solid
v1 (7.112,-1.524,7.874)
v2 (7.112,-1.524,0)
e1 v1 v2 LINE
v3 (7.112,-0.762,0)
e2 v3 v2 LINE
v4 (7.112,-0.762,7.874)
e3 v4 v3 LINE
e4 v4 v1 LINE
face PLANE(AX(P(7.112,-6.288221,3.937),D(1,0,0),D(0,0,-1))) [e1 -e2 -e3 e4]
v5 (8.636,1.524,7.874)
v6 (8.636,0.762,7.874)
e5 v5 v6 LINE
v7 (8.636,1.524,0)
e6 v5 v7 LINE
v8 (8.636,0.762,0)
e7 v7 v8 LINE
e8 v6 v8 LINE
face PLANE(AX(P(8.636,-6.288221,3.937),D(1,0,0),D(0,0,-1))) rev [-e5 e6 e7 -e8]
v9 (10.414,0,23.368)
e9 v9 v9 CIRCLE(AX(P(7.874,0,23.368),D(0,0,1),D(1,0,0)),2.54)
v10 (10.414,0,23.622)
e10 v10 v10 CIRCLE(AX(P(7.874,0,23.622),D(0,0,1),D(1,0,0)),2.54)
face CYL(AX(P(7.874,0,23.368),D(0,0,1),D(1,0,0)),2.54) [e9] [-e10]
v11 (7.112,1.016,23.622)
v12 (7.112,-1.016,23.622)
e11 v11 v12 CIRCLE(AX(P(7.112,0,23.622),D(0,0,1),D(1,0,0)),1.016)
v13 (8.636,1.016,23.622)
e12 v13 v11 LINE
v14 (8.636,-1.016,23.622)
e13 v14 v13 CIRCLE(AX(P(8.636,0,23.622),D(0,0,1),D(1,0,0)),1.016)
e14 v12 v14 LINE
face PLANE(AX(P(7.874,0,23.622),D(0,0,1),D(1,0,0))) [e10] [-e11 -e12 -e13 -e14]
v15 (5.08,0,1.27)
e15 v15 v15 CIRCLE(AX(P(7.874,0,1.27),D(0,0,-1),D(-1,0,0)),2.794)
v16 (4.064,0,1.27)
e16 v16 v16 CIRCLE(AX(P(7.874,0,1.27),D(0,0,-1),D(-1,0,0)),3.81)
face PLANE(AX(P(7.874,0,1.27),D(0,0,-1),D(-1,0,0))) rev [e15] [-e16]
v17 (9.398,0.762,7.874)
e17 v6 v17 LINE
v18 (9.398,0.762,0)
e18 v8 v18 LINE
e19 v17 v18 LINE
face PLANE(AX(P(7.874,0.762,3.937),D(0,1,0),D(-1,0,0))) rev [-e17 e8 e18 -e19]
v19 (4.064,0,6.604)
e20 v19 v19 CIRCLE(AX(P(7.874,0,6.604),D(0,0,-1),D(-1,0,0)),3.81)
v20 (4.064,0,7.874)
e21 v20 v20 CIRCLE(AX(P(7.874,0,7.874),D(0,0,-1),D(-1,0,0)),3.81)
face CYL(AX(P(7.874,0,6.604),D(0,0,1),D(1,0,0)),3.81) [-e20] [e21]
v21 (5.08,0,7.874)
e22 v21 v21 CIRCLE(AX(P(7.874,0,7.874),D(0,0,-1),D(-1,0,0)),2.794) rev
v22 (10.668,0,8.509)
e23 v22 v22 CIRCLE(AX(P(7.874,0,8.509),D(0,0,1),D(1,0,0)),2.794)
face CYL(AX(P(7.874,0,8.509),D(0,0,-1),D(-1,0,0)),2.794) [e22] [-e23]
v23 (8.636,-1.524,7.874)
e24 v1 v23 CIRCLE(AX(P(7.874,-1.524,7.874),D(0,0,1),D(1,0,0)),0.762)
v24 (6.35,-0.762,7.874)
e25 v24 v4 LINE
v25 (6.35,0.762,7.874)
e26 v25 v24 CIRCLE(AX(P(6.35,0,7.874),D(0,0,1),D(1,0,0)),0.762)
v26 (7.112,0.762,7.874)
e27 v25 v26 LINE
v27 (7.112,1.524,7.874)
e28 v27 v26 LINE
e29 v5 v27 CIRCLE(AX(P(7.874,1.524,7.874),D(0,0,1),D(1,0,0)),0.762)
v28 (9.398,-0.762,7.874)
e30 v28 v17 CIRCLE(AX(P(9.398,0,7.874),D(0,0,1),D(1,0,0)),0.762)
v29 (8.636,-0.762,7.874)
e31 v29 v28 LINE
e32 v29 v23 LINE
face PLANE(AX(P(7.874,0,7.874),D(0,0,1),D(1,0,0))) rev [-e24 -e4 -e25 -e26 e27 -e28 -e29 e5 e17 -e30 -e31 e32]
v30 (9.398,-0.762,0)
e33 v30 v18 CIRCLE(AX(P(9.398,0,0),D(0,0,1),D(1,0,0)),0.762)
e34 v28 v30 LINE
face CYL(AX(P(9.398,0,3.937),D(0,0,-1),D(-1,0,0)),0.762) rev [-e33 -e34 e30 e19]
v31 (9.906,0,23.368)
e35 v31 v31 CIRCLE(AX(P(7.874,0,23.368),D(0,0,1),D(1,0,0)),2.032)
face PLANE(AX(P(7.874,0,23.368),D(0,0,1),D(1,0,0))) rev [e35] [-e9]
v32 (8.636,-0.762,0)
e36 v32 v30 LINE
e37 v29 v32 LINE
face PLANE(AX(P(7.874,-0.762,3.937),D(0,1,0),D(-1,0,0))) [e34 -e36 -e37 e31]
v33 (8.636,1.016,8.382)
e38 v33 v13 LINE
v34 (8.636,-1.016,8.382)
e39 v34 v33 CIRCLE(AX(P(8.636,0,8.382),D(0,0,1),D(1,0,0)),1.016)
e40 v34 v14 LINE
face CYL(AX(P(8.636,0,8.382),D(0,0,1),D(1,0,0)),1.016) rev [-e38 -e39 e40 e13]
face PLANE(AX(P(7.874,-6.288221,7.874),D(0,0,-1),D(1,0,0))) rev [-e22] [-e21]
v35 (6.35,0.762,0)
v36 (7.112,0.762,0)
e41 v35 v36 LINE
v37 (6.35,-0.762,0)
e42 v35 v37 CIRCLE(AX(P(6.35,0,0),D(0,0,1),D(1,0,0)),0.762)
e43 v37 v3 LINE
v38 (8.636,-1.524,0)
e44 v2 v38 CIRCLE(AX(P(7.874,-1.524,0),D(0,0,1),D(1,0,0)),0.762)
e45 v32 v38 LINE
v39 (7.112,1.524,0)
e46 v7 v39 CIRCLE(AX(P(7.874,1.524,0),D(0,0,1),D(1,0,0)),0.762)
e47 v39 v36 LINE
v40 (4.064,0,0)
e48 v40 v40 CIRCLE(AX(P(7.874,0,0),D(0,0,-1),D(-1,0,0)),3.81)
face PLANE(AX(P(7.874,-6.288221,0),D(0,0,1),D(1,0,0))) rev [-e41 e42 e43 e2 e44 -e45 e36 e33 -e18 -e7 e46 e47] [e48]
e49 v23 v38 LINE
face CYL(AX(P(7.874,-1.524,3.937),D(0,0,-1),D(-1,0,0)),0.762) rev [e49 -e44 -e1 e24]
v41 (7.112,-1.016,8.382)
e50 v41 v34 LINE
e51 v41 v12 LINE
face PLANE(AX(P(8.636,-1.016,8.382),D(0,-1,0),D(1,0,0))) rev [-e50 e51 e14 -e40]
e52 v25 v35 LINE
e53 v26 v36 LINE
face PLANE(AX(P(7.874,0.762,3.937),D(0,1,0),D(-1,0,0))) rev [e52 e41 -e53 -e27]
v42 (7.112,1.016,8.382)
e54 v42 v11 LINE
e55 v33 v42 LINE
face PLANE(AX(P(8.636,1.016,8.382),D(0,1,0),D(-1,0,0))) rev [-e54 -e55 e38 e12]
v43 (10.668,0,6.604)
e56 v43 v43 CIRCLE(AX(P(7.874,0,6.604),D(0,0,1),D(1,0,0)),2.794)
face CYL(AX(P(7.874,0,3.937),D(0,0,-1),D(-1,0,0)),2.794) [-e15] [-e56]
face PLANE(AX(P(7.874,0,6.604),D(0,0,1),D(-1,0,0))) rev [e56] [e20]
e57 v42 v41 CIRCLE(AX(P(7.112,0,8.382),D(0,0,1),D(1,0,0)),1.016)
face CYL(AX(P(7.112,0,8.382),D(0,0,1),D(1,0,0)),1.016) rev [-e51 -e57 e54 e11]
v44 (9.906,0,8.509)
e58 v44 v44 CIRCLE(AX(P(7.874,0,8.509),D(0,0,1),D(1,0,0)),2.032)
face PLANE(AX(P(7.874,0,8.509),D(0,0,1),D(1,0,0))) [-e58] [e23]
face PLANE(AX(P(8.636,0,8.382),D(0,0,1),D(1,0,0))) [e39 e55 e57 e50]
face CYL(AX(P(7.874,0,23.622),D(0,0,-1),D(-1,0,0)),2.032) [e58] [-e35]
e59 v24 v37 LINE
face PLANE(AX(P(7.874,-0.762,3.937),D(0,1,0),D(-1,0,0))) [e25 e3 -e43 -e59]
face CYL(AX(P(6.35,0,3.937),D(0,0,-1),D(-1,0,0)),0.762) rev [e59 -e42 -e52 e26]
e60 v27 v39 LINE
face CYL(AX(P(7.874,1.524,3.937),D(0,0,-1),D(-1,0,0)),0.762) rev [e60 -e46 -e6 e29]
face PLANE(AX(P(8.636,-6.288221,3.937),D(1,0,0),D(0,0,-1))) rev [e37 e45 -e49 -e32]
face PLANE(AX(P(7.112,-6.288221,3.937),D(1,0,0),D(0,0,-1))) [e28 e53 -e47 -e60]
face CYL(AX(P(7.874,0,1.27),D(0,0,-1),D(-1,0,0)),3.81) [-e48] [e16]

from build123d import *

# Parameters (mm, degrees)
SKETCH1_R           = 2.794
BOSS_EXTRUDE1_DEPTH = 3.937
SKETCH2_R           = 3.81
SKETCH2_R_2         = 2.794
BOSS_EXTRUDE2_DEPTH = 1.27
SKETCH3_R           = 2.794
BOSS_EXTRUDE3_DEPTH = 0.635
SKETCH4_R           = 2.032
BOSS_EXTRUDE4_DEPTH = 15.113
SKETCH5_R           = 2.54
SKETCH5_R_2         = 2.032
BOSS_EXTRUDE5_DEPTH = 0.254
CUT_EXTRUDE1_DEPTH  = 15.24


with BuildPart() as part:
    # Sketch1 → Boss-Extrude1 (new body)
    with BuildSketch(Plane.XY):
        with Locations((7.874, 0)):
            Circle(SKETCH1_R)
        with BuildLine():
            Line((6.35, 0.762), (7.112, 0.762))
            Line((7.112, 0.762), (7.112, 1.524))
            ThreePointArc((7.112, 1.524), (7.874, 2.286), (8.636, 1.524))
            Line((8.636, 1.524), (8.636, 0.762))
            Line((8.636, 0.762), (9.398, 0.762))
            ThreePointArc((9.398, 0.762), (10.16, 0), (9.398, -0.762))
            Line((9.398, -0.762), (8.636, -0.762))
            Line((8.636, -0.762), (8.636, -1.524))
            ThreePointArc((8.636, -1.524), (7.874, -2.286), (7.112, -1.524))
            Line((7.112, -1.524), (7.112, -0.762))
            Line((7.112, -0.762), (6.35, -0.762))
            ThreePointArc((6.35, -0.762), (5.588, 0), (6.35, 0.762))
        make_face(mode=Mode.SUBTRACT)
    boss_extrude1 = extrude(amount=BOSS_EXTRUDE1_DEPTH)

    # Sketch2 → Boss-Extrude2 (add)
    with BuildSketch(Plane(origin=(0, 0, 0), x_dir=(-1, 0, 0), z_dir=(0, 0, -1))):
        with Locations((-7.874, 0)):
            Circle(SKETCH2_R)
        with Locations((-7.874, 0)):
            Circle(SKETCH2_R_2, mode=Mode.SUBTRACT)
    boss_extrude2 = extrude(amount=-BOSS_EXTRUDE2_DEPTH)

    # Mirror1: Boss-Extrude1, Boss-Extrude2 across plane
    add(boss_extrude1.mirror(Plane.XY.offset(3.937)))
    add(boss_extrude2.mirror(Plane.XY.offset(3.937)))

    # Sketch3 → Boss-Extrude3 (add)
    with BuildSketch(Plane.XY.offset(7.874)):
        with Locations((7.874, 0)):
            Circle(SKETCH3_R)
    extrude(amount=BOSS_EXTRUDE3_DEPTH)

    # Sketch4 → Boss-Extrude4 (add)
    with BuildSketch(Plane.XY.offset(8.509)):
        with Locations((7.874, 0)):
            Circle(SKETCH4_R)
    extrude(amount=BOSS_EXTRUDE4_DEPTH)

    # Sketch5 → Boss-Extrude5 (add)
    with BuildSketch(Plane.XY.offset(23.622)):
        with Locations((7.874, 0)):
            Circle(SKETCH5_R)
        with Locations((7.874, 0)):
            Circle(SKETCH5_R_2, mode=Mode.SUBTRACT)
    extrude(amount=-BOSS_EXTRUDE5_DEPTH)

    # Sketch6 → Cut-Extrude1 (cut)
    with BuildSketch(Plane.XY.offset(23.622)):
        with BuildLine():
            Line((8.636, -1.016), (7.112, -1.016))
            ThreePointArc((7.112, -1.016), (6.096, 0), (7.112, 1.016))
            Line((7.112, 1.016), (8.636, 1.016))
            ThreePointArc((8.636, 1.016), (9.652, 0), (8.636, -1.016))
        make_face()
    extrude(amount=-CUT_EXTRUDE1_DEPTH, mode=Mode.SUBTRACT)


solid = part.part
